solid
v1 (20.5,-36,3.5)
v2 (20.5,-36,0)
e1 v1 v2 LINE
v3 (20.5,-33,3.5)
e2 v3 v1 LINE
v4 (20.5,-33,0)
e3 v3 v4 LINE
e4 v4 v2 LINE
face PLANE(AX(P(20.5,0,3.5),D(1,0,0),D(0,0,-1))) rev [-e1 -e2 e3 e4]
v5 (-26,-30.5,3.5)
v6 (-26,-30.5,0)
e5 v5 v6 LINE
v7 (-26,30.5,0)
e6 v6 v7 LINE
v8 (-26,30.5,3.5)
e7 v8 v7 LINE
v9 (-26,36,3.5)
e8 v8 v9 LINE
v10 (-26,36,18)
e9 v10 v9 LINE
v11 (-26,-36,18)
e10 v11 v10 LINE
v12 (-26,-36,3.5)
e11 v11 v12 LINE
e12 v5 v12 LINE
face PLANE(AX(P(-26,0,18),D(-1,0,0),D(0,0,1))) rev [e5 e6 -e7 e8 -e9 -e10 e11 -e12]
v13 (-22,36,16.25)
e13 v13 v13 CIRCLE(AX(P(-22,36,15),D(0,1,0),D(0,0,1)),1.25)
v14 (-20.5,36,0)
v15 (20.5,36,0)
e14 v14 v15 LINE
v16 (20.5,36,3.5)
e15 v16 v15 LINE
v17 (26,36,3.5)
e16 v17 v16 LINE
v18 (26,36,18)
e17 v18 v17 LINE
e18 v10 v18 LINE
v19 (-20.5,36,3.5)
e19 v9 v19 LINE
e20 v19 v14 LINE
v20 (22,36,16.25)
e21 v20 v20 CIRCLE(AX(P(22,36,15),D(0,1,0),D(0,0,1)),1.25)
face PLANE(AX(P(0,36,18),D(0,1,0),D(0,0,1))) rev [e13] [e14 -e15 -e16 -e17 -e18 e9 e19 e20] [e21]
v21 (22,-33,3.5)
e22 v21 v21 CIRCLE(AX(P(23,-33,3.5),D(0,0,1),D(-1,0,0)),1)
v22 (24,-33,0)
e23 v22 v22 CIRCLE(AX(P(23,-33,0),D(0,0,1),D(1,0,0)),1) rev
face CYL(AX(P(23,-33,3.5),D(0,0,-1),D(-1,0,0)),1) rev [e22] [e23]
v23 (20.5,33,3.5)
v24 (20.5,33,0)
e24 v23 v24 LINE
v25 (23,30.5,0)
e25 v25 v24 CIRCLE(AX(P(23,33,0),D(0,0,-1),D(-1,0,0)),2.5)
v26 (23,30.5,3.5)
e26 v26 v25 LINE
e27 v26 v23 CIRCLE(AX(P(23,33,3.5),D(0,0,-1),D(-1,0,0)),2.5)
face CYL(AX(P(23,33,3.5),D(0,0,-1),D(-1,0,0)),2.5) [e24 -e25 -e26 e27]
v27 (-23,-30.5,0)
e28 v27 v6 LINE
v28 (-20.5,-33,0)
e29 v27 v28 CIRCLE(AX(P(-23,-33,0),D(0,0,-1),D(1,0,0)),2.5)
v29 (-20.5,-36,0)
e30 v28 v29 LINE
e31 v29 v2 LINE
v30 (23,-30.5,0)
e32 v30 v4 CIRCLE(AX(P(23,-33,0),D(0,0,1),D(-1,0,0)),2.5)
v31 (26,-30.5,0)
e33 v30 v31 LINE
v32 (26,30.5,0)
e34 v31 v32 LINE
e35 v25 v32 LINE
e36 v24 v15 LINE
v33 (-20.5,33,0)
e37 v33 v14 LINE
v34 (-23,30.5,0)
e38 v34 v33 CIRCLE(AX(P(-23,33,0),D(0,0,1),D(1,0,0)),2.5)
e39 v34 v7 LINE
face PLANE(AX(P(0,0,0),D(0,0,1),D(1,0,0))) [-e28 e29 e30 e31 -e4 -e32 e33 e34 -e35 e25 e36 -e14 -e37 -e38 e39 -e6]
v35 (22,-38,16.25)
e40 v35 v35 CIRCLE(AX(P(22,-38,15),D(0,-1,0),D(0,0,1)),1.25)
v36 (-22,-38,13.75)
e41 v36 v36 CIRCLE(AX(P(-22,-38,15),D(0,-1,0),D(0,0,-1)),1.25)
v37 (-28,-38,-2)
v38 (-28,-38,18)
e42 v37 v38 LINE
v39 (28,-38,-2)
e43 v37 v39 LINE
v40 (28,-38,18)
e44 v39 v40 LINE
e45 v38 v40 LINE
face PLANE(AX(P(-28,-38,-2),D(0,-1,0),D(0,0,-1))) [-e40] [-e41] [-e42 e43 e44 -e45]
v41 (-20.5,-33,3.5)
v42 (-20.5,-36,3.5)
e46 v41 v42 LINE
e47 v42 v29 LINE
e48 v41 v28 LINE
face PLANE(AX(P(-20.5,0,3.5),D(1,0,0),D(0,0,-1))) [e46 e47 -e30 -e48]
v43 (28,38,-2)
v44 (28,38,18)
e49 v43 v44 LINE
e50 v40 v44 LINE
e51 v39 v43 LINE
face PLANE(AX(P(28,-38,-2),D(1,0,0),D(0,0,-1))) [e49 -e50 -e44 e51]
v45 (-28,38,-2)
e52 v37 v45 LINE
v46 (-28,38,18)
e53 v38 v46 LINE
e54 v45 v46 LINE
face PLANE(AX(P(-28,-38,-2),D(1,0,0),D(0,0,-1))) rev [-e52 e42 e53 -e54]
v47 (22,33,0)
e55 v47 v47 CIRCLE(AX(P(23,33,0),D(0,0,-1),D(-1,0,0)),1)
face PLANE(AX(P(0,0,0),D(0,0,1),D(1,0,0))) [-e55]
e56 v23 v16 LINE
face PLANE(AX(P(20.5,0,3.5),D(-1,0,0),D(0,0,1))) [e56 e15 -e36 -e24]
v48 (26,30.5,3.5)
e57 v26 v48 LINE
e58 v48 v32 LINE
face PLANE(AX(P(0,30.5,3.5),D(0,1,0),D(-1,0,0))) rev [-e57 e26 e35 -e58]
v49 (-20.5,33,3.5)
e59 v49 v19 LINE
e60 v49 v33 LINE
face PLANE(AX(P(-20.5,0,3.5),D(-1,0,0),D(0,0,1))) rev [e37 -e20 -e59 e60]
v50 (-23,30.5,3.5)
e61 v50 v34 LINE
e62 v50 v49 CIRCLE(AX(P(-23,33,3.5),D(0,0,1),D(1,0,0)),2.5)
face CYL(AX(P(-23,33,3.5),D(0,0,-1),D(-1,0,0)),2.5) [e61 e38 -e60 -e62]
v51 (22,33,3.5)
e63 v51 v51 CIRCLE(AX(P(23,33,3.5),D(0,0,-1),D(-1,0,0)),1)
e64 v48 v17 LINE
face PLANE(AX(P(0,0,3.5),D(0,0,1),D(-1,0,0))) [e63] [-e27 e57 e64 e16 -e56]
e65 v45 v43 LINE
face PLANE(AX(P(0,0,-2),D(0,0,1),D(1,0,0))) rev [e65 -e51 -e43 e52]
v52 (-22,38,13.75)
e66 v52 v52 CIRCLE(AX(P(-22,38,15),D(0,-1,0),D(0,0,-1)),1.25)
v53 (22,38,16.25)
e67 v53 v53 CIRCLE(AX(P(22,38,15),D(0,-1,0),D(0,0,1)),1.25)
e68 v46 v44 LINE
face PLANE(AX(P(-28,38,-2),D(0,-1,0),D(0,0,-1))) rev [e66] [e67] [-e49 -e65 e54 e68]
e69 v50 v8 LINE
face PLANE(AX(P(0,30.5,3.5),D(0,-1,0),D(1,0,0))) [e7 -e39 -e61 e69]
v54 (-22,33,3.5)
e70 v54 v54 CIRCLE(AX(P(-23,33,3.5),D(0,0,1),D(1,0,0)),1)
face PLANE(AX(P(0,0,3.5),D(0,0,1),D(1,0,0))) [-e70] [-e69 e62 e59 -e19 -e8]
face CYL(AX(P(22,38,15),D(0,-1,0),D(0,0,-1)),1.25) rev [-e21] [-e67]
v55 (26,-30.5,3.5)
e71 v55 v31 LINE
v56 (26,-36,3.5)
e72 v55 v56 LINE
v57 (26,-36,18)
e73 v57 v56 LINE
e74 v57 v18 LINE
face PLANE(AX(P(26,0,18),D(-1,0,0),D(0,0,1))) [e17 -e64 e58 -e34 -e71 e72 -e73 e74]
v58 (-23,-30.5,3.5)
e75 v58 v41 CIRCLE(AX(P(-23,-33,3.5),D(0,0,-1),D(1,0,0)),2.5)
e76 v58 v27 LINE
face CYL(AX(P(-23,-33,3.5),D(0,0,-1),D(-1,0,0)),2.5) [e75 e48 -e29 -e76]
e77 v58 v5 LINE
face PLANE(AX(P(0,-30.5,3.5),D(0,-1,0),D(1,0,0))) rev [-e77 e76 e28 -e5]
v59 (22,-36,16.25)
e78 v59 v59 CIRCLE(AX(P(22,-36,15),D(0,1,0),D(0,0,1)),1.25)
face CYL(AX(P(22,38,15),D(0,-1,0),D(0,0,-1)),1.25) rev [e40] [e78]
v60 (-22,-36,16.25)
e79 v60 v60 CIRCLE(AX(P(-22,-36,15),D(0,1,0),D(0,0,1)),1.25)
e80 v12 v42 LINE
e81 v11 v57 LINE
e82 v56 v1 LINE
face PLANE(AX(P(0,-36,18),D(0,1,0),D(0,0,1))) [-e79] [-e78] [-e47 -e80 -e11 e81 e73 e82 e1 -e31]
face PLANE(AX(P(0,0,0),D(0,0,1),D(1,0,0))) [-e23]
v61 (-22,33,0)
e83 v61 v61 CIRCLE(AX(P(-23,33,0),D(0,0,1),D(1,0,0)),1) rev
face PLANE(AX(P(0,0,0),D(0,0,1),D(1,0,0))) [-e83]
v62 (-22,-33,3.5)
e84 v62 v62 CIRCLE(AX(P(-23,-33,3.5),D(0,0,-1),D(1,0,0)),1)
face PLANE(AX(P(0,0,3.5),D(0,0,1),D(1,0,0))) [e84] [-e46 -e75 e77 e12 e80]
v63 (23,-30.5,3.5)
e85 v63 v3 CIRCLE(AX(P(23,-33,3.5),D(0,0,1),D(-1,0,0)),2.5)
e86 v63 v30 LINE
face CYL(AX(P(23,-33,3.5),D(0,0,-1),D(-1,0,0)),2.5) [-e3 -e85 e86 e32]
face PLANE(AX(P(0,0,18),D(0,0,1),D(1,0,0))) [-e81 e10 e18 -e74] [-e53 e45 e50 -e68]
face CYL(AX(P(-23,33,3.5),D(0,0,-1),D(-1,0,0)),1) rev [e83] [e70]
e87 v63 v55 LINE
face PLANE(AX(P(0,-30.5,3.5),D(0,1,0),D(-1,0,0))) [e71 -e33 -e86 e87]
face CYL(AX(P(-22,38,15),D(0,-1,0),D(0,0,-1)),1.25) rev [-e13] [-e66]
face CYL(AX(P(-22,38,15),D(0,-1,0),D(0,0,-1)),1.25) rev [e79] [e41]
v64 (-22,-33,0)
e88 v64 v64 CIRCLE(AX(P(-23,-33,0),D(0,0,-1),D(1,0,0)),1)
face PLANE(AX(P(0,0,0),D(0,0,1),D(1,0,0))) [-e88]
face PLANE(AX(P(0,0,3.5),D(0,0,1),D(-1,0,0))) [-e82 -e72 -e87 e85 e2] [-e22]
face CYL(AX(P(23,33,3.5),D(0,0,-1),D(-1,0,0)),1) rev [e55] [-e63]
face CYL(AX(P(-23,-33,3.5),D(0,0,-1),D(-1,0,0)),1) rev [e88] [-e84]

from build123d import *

# Parameters (mm, degrees)
ESBO_O1_W                 = 56
ESBO_O1_H                 = 76
RESSALTO_EXTRUS_O1_DEPTH  = 2
ESBO_O1_3_W               = 56
ESBO_O1_3_H               = 76
ESBO_O1_3_W_2             = 52
ESBO_O1_3_H_2             = 72
RESSALTO_EXTRUS_O2_DEPTH  = 18
ESBO_O2_R                 = 1
RESSALTO_EXTRUS_O3_DEPTH  = 3.5
ESPELHAR2_COPY_1_SKETCH_R = 1
ESPELHAR2_COPY_1_DEPTH    = 3.5
ESPELHAR2_COPY_2_SKETCH_R = 1
ESPELHAR2_COPY_2_DEPTH    = 3.5
ESBO_O3_R                 = 1.25
CORTE_EXTRUS_O1_DEPTH     = 83.969874051


with BuildPart() as part:
    # Esboço1 → Ressalto-extrusão1 (new body)
    with BuildSketch(Plane.XY):
        Rectangle(ESBO_O1_W, ESBO_O1_H)
    extrude(amount=-RESSALTO_EXTRUS_O1_DEPTH)

    # Esboço1<3> → Ressalto-extrusão2 (add)
    with BuildSketch(Plane.XY):
        Rectangle(ESBO_O1_3_W, ESBO_O1_3_H)
        Rectangle(ESBO_O1_3_W_2, ESBO_O1_3_H_2, mode=Mode.SUBTRACT)
    extrude(amount=RESSALTO_EXTRUS_O2_DEPTH)

    # Esboço2 → Ressalto-extrusão3 (add)
    with BuildSketch(Plane.XY):
        with BuildLine():
            Line((-26, 30.5), (-23, 30.5))
            ThreePointArc((-23, 30.5), (-21.232233047, 31.232233047), (-20.5, 33))
            Line((-20.5, 33), (-20.5, 36))
            Line((-20.5, 36), (-26, 36))
            Line((-26, 36), (-26, 30.5))
        make_face()
        with Locations((-23, 33)):
            Circle(ESBO_O2_R, mode=Mode.SUBTRACT)
    ressalto_extrus_o3 = extrude(amount=RESSALTO_EXTRUS_O3_DEPTH)

    # Espelhar1: Ressalto-extrusão3 across plane
    add(ressalto_extrus_o3.mirror(Plane(origin=(0, 0, 0), x_dir=(0, 0, 1), z_dir=(1, 0, 0))))

    # Espelhar2 copy 1 sketch → Espelhar2 copy 1 (add)
    with BuildSketch(Plane(origin=(0, 0, 0), x_dir=(-1, 0, 0), z_dir=(0, 0, 1))):
        with BuildLine():
            Line((-26, 30.5), (-23, 30.5))
            ThreePointArc((-23, 30.5), (-21.232233047, 31.232233047), (-20.5, 33))
            Line((-20.5, 33), (-20.5, 36))
            Line((-20.5, 36), (-26, 36))
            Line((-26, 36), (-26, 30.5))
        make_face()
        with Locations((-23, 33)):
            Circle(ESPELHAR2_COPY_1_SKETCH_R, mode=Mode.SUBTRACT)
    extrude(amount=ESPELHAR2_COPY_1_DEPTH)

    # Espelhar2 copy 2 sketch → Espelhar2 copy 2 (add)
    with BuildSketch(Plane.XY):
        with BuildLine():
            Line((-26, -30.5), (-23, -30.5))
            ThreePointArc((-23, -30.5), (-21.232233047, -31.232233047), (-20.5, -33))
            Line((-20.5, -33), (-20.5, -36))
            Line((-20.5, -36), (-26, -36))
            Line((-26, -36), (-26, -30.5))
        make_face()
        with Locations((-23, -33)):
            Circle(ESPELHAR2_COPY_2_SKETCH_R, mode=Mode.SUBTRACT)
    extrude(amount=ESPELHAR2_COPY_2_DEPTH)

    # Esboço3 → Corte-extrusão1 (cut, through all)
    with BuildSketch(Plane.XZ.offset(38)):
        with Locations((-22, 15)):
            Circle(ESBO_O3_R)
        with Locations((22, 15)):
            Circle(ESBO_O3_R)
    extrude(amount=-CORTE_EXTRUS_O1_DEPTH, mode=Mode.SUBTRACT)


solid = part.part
